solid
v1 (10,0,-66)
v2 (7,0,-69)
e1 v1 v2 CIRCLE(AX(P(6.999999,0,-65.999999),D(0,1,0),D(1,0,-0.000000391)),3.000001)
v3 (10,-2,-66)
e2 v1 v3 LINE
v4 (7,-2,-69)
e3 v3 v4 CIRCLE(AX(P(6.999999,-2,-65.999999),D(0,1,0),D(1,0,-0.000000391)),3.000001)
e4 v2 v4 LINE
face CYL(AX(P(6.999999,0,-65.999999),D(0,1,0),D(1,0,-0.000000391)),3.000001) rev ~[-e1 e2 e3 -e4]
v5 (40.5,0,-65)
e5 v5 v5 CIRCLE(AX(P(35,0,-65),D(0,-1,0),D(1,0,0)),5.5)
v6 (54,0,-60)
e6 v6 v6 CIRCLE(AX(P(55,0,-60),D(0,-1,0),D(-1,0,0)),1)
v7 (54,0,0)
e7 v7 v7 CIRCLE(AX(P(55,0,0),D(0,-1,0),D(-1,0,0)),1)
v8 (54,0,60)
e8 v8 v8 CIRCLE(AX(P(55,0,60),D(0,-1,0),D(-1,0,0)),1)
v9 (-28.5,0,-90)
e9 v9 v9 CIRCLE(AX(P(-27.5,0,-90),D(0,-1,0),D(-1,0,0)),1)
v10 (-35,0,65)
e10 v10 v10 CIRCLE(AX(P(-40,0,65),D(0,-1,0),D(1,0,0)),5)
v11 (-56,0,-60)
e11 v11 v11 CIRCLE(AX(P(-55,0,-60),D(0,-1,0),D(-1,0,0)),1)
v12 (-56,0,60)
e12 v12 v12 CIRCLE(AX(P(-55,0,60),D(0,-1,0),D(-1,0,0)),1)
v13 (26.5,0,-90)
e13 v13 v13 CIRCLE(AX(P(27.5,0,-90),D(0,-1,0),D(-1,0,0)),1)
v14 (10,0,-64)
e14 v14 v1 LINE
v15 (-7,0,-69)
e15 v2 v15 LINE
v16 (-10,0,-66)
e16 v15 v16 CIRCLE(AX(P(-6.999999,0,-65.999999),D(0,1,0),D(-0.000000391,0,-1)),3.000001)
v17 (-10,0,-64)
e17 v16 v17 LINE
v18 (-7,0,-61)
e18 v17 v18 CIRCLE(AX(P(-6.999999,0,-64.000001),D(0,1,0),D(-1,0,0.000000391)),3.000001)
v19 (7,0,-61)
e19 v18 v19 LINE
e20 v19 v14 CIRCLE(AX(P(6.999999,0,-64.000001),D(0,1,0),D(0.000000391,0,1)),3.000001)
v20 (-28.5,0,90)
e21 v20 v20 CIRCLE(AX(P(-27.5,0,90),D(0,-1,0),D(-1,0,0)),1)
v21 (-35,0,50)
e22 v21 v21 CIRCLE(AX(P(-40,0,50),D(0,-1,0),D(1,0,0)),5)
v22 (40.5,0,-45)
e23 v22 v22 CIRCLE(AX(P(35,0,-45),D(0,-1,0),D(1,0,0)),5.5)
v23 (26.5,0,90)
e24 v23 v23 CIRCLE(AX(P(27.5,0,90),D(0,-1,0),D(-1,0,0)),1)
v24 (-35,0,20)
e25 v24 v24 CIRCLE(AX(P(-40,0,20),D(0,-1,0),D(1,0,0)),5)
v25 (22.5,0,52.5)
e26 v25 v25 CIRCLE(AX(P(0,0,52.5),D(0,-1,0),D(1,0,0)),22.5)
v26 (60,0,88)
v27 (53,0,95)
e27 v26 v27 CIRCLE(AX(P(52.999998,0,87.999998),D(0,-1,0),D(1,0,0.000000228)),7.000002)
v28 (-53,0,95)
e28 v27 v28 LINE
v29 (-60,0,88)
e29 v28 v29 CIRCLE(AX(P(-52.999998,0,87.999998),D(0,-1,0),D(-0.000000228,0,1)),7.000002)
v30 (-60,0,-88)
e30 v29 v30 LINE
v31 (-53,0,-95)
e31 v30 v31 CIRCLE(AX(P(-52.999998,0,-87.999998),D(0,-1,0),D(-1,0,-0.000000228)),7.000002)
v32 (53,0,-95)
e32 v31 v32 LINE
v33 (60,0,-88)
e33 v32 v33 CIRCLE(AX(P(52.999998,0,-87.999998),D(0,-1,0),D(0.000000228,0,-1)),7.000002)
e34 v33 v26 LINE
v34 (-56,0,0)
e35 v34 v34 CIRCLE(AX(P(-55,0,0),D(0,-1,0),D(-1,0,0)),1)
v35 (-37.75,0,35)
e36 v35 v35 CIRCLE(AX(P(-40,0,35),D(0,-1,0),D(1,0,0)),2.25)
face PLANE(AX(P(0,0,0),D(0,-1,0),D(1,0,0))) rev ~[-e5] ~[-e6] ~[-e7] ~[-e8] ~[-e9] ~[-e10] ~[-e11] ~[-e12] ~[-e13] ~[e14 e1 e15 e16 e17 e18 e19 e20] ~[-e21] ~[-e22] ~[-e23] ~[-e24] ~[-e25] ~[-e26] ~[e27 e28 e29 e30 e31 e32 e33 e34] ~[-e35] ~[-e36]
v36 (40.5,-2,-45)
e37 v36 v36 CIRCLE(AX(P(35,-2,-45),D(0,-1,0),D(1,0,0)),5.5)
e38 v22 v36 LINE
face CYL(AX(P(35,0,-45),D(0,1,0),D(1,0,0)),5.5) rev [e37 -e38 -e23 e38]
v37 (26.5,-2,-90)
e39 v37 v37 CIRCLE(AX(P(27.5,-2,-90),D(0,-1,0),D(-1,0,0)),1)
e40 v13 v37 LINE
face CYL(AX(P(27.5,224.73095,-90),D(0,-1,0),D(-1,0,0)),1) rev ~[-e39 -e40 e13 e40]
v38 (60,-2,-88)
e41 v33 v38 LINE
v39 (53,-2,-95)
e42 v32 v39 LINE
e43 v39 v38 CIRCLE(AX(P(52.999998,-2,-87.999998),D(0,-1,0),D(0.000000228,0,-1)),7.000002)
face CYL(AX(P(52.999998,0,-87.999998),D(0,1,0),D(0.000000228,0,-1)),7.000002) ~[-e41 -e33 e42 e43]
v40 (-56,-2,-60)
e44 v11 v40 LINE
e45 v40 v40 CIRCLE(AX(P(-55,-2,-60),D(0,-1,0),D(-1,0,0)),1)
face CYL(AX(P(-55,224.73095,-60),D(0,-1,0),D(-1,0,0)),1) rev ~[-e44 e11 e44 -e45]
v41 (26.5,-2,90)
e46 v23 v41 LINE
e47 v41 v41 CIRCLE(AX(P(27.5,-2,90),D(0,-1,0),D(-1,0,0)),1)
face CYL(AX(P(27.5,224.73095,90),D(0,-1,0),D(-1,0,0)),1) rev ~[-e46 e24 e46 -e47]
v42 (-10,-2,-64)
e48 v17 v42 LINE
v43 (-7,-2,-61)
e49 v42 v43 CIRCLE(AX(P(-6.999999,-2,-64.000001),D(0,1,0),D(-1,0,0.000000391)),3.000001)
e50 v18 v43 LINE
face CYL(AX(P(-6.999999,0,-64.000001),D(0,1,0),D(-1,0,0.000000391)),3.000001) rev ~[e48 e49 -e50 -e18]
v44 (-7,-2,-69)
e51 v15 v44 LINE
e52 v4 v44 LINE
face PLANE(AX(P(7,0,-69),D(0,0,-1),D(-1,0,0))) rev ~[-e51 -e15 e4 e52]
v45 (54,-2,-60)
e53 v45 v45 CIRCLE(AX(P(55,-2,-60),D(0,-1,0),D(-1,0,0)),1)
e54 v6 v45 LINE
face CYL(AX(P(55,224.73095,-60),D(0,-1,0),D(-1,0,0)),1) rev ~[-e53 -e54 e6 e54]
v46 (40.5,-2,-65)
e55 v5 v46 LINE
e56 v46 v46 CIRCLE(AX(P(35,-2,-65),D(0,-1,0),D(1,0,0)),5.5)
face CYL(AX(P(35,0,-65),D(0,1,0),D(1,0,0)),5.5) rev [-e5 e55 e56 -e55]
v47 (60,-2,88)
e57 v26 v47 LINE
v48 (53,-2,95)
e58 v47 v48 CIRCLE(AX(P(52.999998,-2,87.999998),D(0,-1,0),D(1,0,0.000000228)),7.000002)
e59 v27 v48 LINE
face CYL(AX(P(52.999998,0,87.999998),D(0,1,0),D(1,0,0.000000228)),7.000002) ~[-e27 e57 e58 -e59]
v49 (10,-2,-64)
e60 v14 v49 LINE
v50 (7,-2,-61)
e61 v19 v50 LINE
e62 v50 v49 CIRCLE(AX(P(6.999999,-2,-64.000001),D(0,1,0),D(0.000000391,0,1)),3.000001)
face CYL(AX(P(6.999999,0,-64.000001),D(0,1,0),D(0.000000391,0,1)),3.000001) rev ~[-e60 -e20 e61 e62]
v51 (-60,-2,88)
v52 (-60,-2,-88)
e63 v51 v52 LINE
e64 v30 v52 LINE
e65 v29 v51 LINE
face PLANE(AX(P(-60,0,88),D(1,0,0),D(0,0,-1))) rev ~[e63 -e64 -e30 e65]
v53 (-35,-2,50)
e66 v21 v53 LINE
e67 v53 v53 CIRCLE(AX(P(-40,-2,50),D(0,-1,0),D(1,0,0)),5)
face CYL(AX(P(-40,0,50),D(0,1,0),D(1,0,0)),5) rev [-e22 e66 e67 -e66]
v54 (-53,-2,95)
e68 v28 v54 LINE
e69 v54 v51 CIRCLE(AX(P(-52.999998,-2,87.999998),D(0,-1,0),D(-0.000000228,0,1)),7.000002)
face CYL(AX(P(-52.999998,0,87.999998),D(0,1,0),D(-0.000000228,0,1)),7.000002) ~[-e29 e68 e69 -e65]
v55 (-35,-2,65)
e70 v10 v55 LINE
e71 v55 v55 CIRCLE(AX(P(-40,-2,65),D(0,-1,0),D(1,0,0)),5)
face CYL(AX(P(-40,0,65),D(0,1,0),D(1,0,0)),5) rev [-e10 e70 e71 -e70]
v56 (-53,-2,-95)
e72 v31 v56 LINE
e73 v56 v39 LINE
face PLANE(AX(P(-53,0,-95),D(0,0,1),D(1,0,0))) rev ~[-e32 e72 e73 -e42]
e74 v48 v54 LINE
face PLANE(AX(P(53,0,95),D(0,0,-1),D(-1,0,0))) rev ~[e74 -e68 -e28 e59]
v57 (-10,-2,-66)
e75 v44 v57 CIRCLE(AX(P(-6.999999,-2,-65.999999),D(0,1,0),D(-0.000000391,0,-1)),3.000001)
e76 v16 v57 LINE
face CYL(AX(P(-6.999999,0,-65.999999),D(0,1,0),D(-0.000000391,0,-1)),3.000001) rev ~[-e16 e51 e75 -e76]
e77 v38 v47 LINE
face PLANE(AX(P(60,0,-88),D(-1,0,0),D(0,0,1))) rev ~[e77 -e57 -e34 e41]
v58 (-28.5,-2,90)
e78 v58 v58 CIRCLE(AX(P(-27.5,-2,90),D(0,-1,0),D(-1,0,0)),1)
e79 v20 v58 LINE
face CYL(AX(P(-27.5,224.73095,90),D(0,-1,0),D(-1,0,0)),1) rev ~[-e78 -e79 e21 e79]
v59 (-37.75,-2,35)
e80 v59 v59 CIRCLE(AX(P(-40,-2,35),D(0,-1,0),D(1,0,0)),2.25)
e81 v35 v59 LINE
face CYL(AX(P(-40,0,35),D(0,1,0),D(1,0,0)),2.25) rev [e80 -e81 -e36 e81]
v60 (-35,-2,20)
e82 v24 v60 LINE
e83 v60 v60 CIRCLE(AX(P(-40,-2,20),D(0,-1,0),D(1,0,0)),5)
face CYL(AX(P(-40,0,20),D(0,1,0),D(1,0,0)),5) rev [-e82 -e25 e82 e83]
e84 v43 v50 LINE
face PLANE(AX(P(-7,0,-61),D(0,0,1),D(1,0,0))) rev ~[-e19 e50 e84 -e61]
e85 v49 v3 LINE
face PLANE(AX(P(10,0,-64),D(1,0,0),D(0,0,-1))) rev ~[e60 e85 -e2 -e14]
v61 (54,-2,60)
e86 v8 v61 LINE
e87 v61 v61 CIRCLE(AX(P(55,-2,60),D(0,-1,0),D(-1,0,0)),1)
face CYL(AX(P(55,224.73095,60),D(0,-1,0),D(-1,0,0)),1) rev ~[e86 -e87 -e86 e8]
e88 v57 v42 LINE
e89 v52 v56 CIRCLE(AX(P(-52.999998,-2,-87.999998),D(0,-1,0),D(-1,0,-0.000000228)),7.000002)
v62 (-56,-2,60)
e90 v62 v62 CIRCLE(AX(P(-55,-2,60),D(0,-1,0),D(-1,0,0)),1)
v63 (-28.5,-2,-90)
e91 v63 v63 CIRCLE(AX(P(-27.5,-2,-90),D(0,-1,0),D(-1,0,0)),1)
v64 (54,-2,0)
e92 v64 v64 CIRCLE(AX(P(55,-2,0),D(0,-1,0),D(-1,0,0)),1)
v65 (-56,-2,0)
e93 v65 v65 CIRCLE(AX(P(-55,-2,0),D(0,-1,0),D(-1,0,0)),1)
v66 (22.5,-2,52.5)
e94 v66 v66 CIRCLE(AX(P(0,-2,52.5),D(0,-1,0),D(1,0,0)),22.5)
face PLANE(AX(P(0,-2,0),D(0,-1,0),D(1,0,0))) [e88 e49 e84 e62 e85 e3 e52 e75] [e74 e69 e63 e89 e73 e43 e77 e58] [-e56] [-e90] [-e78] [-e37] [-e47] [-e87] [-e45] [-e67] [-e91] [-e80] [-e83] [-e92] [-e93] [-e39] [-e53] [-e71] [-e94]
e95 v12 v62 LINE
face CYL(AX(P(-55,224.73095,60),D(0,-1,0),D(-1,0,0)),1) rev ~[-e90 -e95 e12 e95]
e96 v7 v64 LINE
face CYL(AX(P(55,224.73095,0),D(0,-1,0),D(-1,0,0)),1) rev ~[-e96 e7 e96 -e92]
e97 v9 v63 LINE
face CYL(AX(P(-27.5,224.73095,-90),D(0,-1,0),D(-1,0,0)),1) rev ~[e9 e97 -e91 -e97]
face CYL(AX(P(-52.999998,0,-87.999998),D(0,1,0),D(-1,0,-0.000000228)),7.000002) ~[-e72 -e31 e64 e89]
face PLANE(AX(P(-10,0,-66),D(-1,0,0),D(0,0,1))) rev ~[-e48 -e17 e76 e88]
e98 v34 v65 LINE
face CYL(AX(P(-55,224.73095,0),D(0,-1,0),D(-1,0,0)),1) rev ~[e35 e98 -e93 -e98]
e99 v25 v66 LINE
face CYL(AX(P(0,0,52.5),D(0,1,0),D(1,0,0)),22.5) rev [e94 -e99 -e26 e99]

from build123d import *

# Parameters (mm, degrees)
F0_R     = 5.5
F0_R_2   = 5
F0_R_3   = 2.25
F0_R_4   = 22.5
F1_DEPTH = 2
F2_D     = 2


with BuildPart() as f1:
    # F0 (on Front) → F1 (new body)
    with BuildSketch(Plane.XZ):
        with BuildLine():
            ThreePointArc((60, 88), (57.949747, 92.949747), (53, 95))
            Line((53, 95), (-53, 95))
            ThreePointArc((-53, 95), (-57.949747, 92.949747), (-60, 88))
            Line((-60, 88), (-60, -88))
            ThreePointArc((-60, -88), (-57.949747, -92.949747), (-53, -95))
            Line((-53, -95), (53, -95))
            ThreePointArc((53, -95), (57.949747, -92.949747), (60, -88))
            Line((60, -88), (60, 88))
        make_face()
        with BuildLine():
            ThreePointArc((10, -66), (9.12132, -68.12132), (7, -69))
            Line((7, -69), (-7, -69))
            ThreePointArc((-7, -69), (-9.12132, -68.12132), (-10, -66))
            Line((-10, -66), (-10, -64))
            ThreePointArc((-10, -64), (-9.12132, -61.87868), (-7, -61))
            Line((-7, -61), (7, -61))
            ThreePointArc((7, -61), (9.12132, -61.87868), (10, -64))
            Line((10, -64), (10, -66))
        make_face(mode=Mode.SUBTRACT)
        with Locations((35, -65)):
            Circle(F0_R, mode=Mode.SUBTRACT)
        with Locations((35, -45)):
            Circle(F0_R, mode=Mode.SUBTRACT)
        with Locations((-40, 20)):
            Circle(F0_R_2, mode=Mode.SUBTRACT)
        with Locations((-40, 35)):
            Circle(F0_R_3, mode=Mode.SUBTRACT)
        with Locations((-40, 50)):
            Circle(F0_R_2, mode=Mode.SUBTRACT)
        with Locations((-40, 65)):
            Circle(F0_R_2, mode=Mode.SUBTRACT)
        with Locations((0, 52.5)):
            Circle(F0_R_4, mode=Mode.SUBTRACT)
    extrude(amount=F1_DEPTH)

    # F2 (through all)
    with Locations(Plane(origin=(0, 0, 0), x_dir=(1, 0, 0), z_dir=(0, 1, 0))):
        with Locations((-27.5, 90), (-55, 60), (-55, 0), (-55, -60), (-27.5, -90), (27.5, -90), (55, -60), (55, 0), (55, 60), (27.5, 90)):
            Hole(F2_D / 2)


solid = f1.part
